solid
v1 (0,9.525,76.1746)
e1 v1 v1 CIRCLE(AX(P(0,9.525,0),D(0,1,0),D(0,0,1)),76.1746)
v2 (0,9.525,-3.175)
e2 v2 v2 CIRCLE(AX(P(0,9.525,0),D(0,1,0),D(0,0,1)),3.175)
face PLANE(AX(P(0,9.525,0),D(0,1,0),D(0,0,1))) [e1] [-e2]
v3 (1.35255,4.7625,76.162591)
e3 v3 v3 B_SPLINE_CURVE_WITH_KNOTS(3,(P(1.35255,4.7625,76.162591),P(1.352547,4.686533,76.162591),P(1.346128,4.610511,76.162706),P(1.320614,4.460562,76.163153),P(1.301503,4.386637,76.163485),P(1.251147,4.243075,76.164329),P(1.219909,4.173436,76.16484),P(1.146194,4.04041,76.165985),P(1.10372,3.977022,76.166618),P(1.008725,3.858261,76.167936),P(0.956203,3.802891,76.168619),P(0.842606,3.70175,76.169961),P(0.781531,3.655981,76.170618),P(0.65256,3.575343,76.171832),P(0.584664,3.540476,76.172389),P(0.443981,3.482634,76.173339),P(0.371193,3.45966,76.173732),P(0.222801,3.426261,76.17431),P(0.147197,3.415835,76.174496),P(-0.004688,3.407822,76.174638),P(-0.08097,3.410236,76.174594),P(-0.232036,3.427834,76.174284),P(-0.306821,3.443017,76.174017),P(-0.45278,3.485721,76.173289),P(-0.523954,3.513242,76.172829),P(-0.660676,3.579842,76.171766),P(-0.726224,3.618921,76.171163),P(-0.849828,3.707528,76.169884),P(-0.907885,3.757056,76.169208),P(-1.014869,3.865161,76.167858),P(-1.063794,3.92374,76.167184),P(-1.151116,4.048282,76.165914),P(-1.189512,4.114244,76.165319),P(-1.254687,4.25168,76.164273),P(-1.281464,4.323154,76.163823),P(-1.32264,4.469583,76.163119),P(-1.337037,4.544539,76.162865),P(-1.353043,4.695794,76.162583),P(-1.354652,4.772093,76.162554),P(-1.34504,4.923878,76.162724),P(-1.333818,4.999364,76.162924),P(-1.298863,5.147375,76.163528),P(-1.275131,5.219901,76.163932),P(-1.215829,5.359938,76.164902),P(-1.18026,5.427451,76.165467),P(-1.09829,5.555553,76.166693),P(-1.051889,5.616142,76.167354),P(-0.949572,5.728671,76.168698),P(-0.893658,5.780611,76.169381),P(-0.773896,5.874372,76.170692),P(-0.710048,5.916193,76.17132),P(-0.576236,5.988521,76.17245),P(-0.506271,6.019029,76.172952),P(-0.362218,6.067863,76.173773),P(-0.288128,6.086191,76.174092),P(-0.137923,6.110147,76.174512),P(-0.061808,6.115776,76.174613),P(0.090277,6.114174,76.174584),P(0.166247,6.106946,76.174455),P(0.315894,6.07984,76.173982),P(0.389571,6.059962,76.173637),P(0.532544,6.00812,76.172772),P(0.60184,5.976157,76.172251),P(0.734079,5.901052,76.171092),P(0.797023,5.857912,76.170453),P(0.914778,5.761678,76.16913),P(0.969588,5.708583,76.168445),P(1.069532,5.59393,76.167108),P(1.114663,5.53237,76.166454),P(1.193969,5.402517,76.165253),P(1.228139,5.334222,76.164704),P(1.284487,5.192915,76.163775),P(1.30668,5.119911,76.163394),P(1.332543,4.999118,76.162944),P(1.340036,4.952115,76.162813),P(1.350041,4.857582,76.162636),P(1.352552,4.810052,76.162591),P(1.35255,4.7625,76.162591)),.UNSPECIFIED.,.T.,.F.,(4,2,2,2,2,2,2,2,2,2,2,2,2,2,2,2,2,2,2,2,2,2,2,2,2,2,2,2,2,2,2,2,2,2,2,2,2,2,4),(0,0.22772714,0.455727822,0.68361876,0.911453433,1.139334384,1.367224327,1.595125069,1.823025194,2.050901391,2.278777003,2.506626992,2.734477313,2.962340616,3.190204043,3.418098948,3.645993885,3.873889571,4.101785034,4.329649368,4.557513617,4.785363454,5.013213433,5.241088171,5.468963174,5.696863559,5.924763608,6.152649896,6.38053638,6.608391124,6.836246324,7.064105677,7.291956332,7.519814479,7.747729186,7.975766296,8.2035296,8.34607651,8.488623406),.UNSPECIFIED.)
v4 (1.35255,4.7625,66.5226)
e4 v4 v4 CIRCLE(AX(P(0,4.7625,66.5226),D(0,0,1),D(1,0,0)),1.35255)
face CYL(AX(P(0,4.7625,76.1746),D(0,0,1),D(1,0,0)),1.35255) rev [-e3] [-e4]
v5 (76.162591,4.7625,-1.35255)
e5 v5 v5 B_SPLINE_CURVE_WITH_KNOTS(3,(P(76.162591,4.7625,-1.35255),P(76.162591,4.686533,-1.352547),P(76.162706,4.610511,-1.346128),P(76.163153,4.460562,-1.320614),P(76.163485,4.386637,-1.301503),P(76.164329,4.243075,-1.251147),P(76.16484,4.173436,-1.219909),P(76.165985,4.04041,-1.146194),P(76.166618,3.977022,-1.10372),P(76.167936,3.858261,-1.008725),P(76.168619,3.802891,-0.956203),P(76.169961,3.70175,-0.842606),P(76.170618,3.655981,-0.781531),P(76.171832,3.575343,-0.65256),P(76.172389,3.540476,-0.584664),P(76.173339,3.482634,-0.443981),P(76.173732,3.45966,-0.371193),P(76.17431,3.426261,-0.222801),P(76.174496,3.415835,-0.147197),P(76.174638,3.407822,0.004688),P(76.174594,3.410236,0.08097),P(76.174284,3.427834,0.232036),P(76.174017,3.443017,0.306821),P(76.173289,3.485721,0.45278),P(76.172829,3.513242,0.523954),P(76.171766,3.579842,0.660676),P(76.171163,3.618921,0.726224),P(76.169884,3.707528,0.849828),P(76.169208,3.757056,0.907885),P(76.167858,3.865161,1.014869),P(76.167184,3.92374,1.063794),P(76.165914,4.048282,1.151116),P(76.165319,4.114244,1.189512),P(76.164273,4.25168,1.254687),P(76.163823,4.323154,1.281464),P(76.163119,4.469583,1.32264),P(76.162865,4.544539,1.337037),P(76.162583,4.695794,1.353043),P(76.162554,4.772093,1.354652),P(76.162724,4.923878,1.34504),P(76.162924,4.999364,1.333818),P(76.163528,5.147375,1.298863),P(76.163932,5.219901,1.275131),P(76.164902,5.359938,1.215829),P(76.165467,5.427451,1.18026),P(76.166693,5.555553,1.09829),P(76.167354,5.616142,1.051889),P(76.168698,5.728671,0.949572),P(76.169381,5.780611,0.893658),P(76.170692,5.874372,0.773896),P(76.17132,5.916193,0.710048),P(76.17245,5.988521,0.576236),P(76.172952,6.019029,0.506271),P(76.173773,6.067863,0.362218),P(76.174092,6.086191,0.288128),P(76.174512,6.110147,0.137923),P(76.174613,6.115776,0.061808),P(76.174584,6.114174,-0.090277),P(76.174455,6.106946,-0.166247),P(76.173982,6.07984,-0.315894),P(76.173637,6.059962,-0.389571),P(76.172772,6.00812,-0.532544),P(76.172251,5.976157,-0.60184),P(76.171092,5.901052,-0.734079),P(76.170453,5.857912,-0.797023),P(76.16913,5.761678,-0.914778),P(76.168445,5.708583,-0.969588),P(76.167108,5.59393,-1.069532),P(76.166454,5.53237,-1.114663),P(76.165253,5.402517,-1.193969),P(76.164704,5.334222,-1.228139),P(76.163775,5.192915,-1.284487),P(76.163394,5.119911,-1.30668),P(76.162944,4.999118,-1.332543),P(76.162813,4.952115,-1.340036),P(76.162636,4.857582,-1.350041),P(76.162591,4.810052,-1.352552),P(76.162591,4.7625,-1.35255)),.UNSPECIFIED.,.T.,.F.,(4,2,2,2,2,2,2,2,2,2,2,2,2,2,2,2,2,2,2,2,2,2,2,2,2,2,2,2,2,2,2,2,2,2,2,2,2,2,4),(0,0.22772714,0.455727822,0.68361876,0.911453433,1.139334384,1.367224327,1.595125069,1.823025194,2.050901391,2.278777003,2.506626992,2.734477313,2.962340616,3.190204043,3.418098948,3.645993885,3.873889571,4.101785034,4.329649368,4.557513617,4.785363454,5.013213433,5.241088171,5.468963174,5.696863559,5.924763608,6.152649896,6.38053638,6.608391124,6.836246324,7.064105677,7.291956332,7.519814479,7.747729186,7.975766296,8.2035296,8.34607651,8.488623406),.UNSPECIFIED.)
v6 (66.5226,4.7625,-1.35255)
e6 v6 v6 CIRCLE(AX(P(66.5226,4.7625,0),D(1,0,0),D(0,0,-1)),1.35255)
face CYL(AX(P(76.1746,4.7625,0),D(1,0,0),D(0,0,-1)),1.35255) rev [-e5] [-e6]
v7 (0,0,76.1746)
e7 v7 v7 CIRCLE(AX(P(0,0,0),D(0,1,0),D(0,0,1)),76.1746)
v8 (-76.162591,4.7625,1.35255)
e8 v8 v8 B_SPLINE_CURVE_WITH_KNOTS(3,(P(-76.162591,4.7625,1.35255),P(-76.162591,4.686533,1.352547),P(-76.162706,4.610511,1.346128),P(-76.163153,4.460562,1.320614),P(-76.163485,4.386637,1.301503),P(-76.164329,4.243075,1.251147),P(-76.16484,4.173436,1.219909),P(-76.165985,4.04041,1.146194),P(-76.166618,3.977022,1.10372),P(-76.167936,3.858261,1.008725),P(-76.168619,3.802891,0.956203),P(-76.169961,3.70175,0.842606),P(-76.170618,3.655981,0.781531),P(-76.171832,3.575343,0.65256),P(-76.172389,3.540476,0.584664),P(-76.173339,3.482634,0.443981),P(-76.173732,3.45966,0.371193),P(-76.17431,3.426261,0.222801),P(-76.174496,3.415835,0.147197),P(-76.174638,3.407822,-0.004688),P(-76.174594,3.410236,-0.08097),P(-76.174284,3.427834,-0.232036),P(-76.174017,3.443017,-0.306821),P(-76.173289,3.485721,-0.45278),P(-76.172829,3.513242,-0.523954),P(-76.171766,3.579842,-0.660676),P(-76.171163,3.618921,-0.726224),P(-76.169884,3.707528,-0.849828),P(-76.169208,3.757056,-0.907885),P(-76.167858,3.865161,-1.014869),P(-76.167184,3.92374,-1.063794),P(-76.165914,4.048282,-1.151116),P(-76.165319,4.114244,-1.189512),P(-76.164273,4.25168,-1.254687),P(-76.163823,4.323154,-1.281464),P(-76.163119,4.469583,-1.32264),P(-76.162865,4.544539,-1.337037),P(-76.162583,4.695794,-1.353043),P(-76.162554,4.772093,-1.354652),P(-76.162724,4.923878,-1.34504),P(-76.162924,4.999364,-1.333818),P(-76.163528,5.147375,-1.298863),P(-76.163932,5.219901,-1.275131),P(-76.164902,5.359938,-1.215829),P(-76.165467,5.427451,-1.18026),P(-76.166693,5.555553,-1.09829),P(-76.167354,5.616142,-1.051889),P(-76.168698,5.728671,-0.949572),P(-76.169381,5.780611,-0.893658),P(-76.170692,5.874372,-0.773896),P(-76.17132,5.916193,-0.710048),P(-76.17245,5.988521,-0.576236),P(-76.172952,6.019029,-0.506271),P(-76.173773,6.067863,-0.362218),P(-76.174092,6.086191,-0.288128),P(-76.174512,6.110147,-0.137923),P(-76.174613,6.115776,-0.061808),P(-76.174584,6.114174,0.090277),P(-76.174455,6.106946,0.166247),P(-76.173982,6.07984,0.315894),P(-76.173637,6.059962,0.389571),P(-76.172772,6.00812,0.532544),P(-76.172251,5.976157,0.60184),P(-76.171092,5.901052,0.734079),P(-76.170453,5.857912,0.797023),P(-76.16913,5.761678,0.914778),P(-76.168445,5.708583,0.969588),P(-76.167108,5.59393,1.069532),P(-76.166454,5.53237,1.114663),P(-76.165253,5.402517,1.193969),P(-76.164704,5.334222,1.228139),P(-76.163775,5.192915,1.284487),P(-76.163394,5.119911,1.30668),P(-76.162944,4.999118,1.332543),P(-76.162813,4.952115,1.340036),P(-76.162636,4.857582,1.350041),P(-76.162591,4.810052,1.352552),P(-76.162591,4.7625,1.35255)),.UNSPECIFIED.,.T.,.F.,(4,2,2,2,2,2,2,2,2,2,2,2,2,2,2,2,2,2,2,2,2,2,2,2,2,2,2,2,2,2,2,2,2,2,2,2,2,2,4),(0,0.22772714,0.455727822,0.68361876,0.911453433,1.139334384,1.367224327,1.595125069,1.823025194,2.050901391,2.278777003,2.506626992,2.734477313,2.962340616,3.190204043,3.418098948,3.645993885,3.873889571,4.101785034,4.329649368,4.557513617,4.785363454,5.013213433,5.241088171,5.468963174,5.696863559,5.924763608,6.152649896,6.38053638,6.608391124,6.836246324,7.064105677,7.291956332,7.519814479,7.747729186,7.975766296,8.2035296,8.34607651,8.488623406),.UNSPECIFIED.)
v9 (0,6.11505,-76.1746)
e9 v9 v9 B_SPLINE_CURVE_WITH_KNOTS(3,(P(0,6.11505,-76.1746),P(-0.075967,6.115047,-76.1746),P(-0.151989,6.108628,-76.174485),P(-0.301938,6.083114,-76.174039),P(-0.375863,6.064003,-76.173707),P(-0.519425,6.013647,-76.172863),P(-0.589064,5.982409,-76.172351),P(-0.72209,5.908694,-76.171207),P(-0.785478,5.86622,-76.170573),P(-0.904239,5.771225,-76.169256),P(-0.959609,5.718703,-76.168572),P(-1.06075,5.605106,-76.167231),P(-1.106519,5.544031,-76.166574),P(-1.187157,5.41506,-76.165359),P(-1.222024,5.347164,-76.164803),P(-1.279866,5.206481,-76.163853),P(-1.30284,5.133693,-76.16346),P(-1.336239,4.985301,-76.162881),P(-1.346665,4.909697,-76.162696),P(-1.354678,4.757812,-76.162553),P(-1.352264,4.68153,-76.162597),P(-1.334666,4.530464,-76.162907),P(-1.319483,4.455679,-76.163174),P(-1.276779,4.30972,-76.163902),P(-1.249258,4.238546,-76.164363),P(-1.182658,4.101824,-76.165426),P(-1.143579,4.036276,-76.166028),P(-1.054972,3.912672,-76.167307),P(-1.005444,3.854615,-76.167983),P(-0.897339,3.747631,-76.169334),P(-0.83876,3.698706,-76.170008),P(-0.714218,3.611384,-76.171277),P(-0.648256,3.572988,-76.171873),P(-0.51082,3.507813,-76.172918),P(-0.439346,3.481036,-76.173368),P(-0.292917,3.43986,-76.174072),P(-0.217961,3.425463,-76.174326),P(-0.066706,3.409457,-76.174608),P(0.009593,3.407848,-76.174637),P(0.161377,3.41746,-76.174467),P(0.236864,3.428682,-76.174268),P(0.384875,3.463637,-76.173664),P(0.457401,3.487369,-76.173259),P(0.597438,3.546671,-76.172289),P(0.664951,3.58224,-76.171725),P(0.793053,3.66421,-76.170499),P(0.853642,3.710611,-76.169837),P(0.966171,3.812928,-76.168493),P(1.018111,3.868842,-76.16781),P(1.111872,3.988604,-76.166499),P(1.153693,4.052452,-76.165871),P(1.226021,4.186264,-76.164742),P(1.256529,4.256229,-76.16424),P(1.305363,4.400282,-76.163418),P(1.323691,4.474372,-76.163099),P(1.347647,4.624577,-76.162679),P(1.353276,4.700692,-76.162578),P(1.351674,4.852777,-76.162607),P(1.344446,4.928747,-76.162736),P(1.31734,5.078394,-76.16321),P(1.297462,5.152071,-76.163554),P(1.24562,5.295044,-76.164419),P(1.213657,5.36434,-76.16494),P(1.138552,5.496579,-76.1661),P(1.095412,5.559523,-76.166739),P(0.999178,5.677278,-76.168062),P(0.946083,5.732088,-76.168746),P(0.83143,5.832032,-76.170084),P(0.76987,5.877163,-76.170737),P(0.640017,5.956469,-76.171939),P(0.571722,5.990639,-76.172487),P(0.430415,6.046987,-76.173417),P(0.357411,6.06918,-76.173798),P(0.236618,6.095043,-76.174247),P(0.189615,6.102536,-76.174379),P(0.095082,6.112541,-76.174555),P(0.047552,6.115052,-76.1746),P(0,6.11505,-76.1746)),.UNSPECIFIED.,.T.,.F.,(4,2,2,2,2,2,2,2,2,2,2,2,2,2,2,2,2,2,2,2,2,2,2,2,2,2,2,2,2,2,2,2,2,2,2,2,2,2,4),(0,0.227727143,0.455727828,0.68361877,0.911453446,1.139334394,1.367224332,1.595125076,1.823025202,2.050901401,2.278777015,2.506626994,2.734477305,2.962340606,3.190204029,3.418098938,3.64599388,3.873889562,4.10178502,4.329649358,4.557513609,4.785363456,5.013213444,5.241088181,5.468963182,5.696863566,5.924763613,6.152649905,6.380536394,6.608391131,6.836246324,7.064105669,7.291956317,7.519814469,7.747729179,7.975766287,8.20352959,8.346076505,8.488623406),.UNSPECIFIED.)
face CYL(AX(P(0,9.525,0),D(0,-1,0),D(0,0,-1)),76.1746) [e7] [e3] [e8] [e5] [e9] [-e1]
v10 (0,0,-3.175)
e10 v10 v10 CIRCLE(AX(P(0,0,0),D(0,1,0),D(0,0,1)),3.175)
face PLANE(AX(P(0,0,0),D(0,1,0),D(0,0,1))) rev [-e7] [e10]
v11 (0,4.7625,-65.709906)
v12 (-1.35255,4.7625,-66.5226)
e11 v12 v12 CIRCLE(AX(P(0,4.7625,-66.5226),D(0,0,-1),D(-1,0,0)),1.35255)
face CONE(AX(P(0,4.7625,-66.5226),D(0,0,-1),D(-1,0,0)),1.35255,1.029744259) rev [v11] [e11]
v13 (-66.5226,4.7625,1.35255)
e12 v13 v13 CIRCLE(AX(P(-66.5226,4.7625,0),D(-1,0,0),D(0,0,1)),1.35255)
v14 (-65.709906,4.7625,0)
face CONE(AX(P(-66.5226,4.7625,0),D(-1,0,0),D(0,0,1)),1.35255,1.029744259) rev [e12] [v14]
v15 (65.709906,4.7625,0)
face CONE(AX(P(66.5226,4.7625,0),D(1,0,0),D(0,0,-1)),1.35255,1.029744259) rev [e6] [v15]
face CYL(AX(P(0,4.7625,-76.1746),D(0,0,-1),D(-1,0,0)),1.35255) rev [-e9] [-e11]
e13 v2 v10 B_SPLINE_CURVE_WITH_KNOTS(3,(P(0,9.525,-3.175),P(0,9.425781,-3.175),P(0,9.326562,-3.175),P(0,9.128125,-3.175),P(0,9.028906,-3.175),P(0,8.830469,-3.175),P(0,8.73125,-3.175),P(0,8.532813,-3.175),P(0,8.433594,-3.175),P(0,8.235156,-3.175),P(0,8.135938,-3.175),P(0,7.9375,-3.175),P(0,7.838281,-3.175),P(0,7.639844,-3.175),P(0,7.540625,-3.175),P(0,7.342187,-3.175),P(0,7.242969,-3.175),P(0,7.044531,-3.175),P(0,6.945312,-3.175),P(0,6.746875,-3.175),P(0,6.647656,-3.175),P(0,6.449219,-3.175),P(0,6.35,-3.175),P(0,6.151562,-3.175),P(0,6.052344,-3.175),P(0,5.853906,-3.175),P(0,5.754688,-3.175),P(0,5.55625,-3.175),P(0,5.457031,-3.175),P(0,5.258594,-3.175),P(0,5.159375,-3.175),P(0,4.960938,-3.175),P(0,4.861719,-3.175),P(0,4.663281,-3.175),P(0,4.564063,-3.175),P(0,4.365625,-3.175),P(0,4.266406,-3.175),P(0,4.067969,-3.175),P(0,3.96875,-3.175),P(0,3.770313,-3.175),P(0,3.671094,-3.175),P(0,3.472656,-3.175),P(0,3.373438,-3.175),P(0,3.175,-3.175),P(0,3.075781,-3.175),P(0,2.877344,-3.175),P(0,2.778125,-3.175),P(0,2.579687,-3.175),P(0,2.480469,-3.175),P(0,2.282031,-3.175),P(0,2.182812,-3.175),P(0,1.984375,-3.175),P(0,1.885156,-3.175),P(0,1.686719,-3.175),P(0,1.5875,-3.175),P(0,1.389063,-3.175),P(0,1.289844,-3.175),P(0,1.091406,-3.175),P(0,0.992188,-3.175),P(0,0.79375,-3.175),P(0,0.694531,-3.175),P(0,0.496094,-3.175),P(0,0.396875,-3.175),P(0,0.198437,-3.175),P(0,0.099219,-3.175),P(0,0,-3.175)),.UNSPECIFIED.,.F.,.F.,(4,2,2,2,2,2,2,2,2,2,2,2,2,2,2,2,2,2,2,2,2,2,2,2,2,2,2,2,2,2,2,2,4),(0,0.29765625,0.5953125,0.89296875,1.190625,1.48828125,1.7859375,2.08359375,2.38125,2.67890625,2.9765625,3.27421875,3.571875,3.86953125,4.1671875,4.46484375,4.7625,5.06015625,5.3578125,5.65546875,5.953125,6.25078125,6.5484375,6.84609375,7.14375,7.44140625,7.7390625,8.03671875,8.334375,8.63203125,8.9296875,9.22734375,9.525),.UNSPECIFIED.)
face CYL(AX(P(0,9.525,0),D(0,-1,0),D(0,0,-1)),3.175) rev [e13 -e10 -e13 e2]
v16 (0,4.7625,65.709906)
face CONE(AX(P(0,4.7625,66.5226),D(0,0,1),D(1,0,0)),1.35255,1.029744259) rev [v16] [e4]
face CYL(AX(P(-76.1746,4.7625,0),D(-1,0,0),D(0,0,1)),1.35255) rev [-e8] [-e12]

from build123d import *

# Parameters (mm, degrees)
SKETCH1_R           = 76.1746
SKETCH1_R_2         = 3.175
BOSS_EXTRUDE1_DEPTH = 9.525
CIRPATTERN1_COUNT   = 4


with BuildPart() as part:
    # Sketch1 → Boss-Extrude1 (new body)
    with BuildSketch(Plane(origin=(0, 0, 0), x_dir=(1, 0, 0), z_dir=(0, 1, 0))):
        with Locations(Location((0, 0, 0), (0, 0, 90))):
            Circle(SKETCH1_R)
        with Locations(Location((0, 0, 0), (0, 0, 90))):
            Circle(SKETCH1_R_2, mode=Mode.SUBTRACT)
    extrude(amount=BOSS_EXTRUDE1_DEPTH)

    # Sketch3 → Tap Drill for #6-32 Tap1 (revolve, cut)
    with BuildSketch(Plane(origin=(0, 4.7625, -76.1746), x_dir=(0, 1, 0), z_dir=(1, 0, 0))):
        Polygon((0, 0), (0, 10.46469403), (1.35255, 9.652), (1.35255, 0), align=None)
    tap_drill_for_6_32_tap1 = revolve(axis=Axis((0, 4.7625, -82.5246), (0, 0, 1)), mode=Mode.SUBTRACT)

    # CirPattern1: Tap Drill for #6-32 Tap1 ×4 about axis
    cirpattern1_axis = Axis((0, 9.525, 0), (0, 1, 0))
    for i in range(1, CIRPATTERN1_COUNT):
        add(tap_drill_for_6_32_tap1.rotate(cirpattern1_axis, i * 360 / CIRPATTERN1_COUNT), mode=Mode.SUBTRACT)


solid = part.part
